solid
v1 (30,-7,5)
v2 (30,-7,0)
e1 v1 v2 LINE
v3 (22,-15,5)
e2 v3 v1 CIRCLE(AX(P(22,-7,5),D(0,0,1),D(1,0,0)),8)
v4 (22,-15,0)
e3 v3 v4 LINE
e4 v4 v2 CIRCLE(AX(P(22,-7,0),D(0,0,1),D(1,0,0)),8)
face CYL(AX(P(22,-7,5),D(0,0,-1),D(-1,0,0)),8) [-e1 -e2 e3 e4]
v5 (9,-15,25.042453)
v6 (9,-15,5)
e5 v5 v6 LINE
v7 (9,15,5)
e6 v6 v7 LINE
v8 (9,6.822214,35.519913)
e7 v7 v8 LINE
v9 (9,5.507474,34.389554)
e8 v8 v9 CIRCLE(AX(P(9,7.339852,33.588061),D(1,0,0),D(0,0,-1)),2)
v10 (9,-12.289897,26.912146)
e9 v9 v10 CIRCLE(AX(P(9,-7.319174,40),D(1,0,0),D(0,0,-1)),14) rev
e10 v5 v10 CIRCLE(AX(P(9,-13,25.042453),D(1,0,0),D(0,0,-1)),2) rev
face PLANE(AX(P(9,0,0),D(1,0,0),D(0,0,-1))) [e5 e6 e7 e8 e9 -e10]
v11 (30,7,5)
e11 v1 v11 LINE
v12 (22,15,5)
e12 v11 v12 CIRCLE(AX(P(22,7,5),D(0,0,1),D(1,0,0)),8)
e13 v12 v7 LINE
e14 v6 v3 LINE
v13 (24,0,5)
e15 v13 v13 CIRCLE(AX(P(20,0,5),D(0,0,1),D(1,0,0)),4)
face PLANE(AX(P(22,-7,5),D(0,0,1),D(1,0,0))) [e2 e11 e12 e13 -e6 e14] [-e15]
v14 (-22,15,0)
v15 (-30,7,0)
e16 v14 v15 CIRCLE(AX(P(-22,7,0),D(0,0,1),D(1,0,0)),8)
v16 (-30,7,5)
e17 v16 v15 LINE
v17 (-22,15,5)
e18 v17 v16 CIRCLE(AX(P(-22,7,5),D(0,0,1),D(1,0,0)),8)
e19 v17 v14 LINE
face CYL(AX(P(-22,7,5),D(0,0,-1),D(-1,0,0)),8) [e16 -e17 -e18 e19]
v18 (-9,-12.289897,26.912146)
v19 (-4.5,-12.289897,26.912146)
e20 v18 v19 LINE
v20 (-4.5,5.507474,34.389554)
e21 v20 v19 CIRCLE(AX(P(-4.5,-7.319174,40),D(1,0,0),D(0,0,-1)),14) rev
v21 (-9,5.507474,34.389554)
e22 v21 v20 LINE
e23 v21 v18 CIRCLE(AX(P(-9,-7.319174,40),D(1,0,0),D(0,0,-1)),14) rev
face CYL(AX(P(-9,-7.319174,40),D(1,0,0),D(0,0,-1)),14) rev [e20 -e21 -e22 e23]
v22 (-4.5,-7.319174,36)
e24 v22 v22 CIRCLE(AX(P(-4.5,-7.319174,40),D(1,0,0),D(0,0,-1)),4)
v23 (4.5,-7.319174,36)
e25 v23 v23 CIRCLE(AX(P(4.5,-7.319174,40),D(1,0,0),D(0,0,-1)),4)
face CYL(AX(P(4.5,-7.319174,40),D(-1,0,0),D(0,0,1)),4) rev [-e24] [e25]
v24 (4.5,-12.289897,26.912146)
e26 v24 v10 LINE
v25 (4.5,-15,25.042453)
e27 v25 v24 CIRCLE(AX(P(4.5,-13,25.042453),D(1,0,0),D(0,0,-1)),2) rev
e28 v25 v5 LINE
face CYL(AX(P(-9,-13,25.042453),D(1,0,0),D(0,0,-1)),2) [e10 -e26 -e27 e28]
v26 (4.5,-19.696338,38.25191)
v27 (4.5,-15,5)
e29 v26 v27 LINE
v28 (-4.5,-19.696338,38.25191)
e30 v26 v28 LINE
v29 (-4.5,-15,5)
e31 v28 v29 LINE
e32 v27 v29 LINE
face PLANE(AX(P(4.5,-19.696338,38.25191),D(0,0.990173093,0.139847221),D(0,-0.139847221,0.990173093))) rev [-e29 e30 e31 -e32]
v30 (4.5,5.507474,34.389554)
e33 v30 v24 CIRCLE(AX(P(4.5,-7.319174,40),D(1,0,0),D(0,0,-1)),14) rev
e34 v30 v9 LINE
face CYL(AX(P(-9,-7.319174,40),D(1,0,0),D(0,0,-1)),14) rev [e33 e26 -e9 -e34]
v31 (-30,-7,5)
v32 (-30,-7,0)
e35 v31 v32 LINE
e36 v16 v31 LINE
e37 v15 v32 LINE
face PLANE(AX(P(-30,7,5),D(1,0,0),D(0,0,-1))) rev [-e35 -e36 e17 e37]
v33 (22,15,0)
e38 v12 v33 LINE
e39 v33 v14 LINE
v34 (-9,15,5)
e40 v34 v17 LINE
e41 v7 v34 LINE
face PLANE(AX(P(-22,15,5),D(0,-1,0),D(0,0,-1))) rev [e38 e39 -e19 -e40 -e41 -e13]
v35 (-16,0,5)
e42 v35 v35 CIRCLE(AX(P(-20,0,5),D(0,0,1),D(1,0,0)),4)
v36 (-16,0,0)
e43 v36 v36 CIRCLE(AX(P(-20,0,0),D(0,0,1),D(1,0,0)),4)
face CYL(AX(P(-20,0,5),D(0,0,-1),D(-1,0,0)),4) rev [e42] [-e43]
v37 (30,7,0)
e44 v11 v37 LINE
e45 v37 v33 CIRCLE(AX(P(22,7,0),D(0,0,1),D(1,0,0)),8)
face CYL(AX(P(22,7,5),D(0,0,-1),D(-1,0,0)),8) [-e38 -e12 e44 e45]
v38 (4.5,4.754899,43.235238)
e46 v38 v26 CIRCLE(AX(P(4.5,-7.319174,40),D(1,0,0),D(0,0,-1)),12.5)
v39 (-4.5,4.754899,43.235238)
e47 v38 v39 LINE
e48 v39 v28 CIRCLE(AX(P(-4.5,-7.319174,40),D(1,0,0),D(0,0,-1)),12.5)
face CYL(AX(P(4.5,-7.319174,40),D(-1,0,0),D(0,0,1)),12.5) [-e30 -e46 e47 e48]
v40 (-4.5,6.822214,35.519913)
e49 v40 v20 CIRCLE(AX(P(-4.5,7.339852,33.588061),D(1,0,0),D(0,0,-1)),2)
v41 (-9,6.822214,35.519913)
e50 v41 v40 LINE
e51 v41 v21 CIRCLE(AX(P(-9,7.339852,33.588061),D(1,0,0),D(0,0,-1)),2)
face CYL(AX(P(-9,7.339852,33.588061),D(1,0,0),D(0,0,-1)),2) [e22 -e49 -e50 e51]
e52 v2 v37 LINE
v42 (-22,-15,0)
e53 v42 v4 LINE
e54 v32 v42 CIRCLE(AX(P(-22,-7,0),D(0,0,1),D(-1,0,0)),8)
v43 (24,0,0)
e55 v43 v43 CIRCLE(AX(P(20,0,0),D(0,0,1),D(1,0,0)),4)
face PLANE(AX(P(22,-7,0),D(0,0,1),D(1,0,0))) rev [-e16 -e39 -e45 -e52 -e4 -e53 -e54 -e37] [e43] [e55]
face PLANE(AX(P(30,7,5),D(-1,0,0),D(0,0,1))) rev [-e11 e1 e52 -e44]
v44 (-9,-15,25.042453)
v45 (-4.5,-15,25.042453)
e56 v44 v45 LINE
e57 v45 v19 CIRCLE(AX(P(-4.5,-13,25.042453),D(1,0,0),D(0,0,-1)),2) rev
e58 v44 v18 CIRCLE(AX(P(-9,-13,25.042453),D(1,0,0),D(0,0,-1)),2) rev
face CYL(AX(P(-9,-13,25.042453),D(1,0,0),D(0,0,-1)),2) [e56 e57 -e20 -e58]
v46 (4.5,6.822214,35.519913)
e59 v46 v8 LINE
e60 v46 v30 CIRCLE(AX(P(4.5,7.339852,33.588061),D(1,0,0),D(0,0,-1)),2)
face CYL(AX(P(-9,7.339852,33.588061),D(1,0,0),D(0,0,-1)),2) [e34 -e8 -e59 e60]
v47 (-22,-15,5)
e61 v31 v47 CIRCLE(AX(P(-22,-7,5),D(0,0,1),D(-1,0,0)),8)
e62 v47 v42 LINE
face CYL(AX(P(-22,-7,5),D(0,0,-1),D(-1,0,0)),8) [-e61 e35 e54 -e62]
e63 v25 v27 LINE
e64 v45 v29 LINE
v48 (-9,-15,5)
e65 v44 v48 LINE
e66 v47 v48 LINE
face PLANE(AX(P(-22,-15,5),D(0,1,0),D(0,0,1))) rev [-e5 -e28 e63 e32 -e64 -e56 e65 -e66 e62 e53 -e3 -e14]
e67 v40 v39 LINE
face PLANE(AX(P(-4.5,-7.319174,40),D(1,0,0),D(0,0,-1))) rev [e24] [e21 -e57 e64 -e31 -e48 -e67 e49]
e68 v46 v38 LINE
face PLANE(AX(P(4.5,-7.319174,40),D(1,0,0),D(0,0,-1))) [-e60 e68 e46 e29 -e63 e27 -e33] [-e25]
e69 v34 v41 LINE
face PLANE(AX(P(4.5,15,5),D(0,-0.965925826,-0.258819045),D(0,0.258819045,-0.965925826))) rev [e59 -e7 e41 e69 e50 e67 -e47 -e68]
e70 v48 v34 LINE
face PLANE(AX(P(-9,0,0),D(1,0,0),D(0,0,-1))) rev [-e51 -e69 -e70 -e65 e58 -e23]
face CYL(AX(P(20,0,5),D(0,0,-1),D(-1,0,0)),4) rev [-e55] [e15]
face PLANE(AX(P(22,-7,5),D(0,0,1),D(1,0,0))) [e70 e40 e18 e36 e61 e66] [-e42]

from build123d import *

# Parameters (mm, degrees)
SZKIC1_R                         = 4
DODANIE_WYCI_GNI_CIE1_DEPTH      = 5
SZKIC7_R                         = 4
DODANIE_WYCI_GNI_CIE3_DEPTH      = 4.5
DODANIE_WYCI_GNI_CIE5_DEPTH      = 4.5
DODANIE_WYCI_GNI_CIE5_DEPTH_BACK = 13.5


with BuildPart() as part:
    # Szkic1 → Dodanie-wyciągnięcie1 (new body)
    with BuildSketch(Plane.XY):
        with BuildLine():
            Line((-22, 15), (22, 15))
            ThreePointArc((22, 15), (27.656854249, 12.656854249), (30, 7))
            Line((30, 7), (30, -7))
            ThreePointArc((30, -7), (27.656854249, -12.656854249), (22, -15))
            Line((22, -15), (-22, -15))
            ThreePointArc((-22, -15), (-27.656854249, -12.656854249), (-30, -7))
            Line((-30, -7), (-30, 7))
            ThreePointArc((-30, 7), (-27.656854249, 12.656854249), (-22, 15))
        make_face()
        with Locations((-20, 0)):
            Circle(SZKIC1_R, mode=Mode.SUBTRACT)
        with Locations((20, 0)):
            Circle(SZKIC1_R, mode=Mode.SUBTRACT)
    extrude(amount=DODANIE_WYCI_GNI_CIE1_DEPTH)

    # Szkic7 → Dodanie-wyciągnięcie3 (add, symmetric)
    with BuildSketch(Plane(origin=(0, 0, 0), x_dir=(0, 0, -1), z_dir=(1, 0, 0))):
        with BuildLine():
            Line((-5, 15), (-43.235238064, 4.754898838))
            ThreePointArc((-43.235238064, 4.754898838), (-52.248209815, -9.815442471), (-38.251909732, -19.696337656))
            Line((-38.251909732, -19.696337656), (-5, -15))
            Line((-5, -15), (-5, 15))
        make_face()
        with Locations((-40, -7.31917399)):
            Circle(SZKIC7_R, mode=Mode.SUBTRACT)
    extrude(amount=DODANIE_WYCI_GNI_CIE3_DEPTH, both=True)

    # Szkic8 → Dodanie-wyciągnięcie5 (add, two sides: drawn at the far end of the back side and taken through both)
    with BuildSketch(Plane(origin=(4.5, 0, 0), x_dir=(0, 0, -1), z_dir=(1, 0, 0)).offset(-DODANIE_WYCI_GNI_CIE5_DEPTH_BACK)):
        with BuildLine():
            Line((-5, -15), (-5, 15))
            Line((-5, 15), (-35.519913082, 6.822213937))
            ThreePointArc((-35.519913082, 6.822213937), (-35.104612696, 6.035983837), (-34.389553751, 5.507473775))
            ThreePointArc((-34.389553751, 5.507473775), (-27.092900988, -1.896370741), (-26.91214627, -12.289896749))
            ThreePointArc((-26.91214627, -12.289896749), (-26.688692003, -14.135736214), (-25.04245288, -15))
            Line((-25.04245288, -15), (-5, -15))
        make_face()
    extrude(amount=DODANIE_WYCI_GNI_CIE5_DEPTH + DODANIE_WYCI_GNI_CIE5_DEPTH_BACK)


solid = part.part
